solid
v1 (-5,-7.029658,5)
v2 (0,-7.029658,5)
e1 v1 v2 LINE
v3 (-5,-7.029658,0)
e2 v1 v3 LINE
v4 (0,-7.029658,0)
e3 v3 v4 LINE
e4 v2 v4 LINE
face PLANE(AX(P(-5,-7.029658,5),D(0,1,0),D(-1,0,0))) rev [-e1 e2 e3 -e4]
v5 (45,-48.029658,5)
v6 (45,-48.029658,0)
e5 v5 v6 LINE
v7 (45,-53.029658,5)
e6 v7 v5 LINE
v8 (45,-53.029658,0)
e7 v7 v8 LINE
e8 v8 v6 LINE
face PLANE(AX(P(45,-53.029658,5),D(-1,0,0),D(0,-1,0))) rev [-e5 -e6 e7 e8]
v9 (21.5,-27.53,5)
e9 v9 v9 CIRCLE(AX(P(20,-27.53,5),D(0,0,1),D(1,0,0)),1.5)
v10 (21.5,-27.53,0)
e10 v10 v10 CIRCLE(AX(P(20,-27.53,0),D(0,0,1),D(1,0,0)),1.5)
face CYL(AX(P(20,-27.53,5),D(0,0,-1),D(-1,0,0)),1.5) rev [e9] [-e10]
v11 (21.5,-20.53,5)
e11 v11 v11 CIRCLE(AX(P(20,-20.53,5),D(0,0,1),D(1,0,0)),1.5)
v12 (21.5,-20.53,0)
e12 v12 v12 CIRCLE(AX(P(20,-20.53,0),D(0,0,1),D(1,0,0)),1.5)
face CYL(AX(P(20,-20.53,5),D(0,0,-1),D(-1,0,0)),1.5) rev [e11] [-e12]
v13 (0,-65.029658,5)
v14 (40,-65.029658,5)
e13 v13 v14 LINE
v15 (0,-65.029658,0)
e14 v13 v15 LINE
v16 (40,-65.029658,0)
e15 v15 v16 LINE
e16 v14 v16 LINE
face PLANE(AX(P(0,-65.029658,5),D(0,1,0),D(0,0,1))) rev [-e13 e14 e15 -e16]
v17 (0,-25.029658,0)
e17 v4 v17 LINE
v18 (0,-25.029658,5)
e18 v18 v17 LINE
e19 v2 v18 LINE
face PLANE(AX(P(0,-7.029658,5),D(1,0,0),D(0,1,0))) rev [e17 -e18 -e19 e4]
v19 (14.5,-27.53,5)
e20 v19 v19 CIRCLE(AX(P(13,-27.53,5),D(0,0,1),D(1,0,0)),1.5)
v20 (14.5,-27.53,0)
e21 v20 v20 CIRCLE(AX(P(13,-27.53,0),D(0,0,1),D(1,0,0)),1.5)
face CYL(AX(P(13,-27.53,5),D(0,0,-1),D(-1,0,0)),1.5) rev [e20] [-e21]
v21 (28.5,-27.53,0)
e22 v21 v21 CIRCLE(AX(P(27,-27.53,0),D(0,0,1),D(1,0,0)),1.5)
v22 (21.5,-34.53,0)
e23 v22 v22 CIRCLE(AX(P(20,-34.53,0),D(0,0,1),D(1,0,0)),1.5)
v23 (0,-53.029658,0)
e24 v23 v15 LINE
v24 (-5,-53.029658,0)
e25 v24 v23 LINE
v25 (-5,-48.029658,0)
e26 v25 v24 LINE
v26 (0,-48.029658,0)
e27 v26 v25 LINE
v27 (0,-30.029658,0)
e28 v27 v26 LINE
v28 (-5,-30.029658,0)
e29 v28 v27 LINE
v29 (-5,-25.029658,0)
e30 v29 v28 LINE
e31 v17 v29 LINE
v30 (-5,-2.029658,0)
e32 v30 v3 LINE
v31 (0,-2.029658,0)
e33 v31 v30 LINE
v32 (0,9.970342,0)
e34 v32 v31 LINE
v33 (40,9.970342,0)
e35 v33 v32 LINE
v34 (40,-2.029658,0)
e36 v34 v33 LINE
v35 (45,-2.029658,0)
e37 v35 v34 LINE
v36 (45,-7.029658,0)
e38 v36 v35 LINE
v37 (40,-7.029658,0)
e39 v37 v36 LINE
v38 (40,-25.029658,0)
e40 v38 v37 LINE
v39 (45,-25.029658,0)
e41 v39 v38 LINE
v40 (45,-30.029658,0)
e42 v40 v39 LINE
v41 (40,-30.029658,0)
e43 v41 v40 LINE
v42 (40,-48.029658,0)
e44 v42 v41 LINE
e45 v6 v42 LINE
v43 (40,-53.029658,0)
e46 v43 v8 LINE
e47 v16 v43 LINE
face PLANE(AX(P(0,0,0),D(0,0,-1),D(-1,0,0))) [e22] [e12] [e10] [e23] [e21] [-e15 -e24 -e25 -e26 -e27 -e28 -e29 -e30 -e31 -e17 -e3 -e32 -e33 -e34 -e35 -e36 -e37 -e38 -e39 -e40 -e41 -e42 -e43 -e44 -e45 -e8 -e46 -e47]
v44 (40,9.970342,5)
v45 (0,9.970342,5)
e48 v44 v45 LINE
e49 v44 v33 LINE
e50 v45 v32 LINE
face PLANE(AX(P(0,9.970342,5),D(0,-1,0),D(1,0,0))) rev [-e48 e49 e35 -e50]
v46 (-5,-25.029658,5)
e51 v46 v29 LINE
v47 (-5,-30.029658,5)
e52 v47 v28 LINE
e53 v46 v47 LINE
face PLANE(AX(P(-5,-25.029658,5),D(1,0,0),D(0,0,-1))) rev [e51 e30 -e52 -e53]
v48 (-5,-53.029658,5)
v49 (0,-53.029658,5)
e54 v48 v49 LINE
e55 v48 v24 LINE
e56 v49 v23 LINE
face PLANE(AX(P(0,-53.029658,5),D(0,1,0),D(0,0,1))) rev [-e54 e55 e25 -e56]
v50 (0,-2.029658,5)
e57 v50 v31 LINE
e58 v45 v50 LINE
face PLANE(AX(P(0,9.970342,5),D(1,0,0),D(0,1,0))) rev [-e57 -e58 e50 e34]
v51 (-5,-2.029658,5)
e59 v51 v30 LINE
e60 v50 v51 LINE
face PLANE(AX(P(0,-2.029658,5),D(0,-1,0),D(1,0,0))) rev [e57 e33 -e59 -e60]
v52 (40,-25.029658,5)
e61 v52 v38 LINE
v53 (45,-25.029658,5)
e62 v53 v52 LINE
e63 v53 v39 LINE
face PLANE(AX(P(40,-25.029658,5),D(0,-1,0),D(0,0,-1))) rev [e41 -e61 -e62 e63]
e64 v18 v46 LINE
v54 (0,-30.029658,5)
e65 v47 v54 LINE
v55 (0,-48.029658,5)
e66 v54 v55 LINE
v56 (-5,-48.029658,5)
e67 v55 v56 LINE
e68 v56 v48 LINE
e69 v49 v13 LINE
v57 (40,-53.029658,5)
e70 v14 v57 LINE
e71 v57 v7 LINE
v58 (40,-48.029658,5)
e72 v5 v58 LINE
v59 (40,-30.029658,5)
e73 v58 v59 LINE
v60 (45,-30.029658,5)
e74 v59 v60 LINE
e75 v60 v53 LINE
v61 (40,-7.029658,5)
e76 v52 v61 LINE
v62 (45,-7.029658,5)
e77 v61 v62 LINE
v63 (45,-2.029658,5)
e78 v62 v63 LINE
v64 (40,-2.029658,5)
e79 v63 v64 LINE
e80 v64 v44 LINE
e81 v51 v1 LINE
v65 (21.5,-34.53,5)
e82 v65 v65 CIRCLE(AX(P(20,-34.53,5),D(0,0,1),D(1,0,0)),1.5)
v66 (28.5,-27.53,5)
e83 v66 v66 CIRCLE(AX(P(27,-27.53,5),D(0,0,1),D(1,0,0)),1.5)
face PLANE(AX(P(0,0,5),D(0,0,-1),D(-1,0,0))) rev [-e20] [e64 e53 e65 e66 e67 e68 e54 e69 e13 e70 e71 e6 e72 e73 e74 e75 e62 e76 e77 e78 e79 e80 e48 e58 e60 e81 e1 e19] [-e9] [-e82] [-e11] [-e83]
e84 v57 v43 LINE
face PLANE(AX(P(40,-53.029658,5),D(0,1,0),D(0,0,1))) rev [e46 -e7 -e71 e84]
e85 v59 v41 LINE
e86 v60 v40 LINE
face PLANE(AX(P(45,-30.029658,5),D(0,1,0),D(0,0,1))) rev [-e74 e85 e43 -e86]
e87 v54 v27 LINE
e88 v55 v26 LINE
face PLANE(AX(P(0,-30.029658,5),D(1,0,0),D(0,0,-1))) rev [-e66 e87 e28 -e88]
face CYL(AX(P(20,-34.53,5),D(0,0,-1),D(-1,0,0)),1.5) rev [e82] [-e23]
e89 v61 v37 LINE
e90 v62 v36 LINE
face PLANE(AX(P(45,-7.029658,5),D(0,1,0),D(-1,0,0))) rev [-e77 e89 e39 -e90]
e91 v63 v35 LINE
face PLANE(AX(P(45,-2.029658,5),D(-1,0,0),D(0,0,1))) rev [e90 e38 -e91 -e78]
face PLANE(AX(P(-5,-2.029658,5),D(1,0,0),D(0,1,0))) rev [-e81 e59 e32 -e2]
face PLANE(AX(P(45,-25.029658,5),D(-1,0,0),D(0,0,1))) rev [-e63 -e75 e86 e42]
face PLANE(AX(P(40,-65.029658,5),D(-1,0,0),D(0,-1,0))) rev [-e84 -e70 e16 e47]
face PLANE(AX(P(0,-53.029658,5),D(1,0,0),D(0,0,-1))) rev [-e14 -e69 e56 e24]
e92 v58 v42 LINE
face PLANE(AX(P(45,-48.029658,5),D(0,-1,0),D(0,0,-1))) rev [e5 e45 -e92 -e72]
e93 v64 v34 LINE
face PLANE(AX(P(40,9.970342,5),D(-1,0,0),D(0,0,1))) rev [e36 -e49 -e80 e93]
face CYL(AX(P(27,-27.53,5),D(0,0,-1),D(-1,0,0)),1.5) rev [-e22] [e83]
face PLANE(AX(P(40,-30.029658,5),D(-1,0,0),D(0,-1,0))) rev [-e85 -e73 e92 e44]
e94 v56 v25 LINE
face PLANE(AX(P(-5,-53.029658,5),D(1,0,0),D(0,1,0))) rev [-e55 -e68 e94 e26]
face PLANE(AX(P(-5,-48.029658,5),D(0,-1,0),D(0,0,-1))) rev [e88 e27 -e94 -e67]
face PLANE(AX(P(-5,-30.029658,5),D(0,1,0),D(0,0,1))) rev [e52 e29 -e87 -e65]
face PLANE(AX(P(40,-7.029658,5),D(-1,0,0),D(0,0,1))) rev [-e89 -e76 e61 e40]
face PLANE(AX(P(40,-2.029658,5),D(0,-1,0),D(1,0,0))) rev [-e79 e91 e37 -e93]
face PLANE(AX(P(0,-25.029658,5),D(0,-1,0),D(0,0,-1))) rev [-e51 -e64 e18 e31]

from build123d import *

# Parameters (mm, degrees)
SKETCH_3_R      = 1.5
EXTRUDE_2_DEPTH = 5


with BuildPart() as part:
    # 草图3 → 凸台-拉伸2 (new body)
    with BuildSketch(Plane.XY):
        Polygon((0, 9.970342372), (0, -2.029657628), (-5, -2.029657628), (-5, -7.029657628), (0, -7.029657628), (0, -25.029657628), (-5, -25.029657628), (-5, -30.029657628), (0, -30.029657628), (0, -48.029657628), (-5, -48.029657628), (-5, -53.029657628), (0, -53.029657628), (0, -65.029657628), (40, -65.029657628), (40, -53.029657628), (45, -53.029657628), (45, -48.029657628), (40, -48.029657628), (40, -30.029657628), (45, -30.029657628), (45, -25.029657628), (40, -25.029657628), (40, -7.029657628), (45, -7.029657628), (45, -2.029657628), (40, -2.029657628), (40, 9.970342372), align=None)
        with Locations((20, -27.529999998)):
            Circle(SKETCH_3_R, mode=Mode.SUBTRACT)
        with Locations((27, -27.529999998)):
            Circle(SKETCH_3_R, mode=Mode.SUBTRACT)
        with Locations((20, -20.529999998)):
            Circle(SKETCH_3_R, mode=Mode.SUBTRACT)
        with Locations((13, -27.529999998)):
            Circle(SKETCH_3_R, mode=Mode.SUBTRACT)
        with Locations((20, -34.529999998)):
            Circle(SKETCH_3_R, mode=Mode.SUBTRACT)
    extrude(amount=EXTRUDE_2_DEPTH)


solid = part.part
